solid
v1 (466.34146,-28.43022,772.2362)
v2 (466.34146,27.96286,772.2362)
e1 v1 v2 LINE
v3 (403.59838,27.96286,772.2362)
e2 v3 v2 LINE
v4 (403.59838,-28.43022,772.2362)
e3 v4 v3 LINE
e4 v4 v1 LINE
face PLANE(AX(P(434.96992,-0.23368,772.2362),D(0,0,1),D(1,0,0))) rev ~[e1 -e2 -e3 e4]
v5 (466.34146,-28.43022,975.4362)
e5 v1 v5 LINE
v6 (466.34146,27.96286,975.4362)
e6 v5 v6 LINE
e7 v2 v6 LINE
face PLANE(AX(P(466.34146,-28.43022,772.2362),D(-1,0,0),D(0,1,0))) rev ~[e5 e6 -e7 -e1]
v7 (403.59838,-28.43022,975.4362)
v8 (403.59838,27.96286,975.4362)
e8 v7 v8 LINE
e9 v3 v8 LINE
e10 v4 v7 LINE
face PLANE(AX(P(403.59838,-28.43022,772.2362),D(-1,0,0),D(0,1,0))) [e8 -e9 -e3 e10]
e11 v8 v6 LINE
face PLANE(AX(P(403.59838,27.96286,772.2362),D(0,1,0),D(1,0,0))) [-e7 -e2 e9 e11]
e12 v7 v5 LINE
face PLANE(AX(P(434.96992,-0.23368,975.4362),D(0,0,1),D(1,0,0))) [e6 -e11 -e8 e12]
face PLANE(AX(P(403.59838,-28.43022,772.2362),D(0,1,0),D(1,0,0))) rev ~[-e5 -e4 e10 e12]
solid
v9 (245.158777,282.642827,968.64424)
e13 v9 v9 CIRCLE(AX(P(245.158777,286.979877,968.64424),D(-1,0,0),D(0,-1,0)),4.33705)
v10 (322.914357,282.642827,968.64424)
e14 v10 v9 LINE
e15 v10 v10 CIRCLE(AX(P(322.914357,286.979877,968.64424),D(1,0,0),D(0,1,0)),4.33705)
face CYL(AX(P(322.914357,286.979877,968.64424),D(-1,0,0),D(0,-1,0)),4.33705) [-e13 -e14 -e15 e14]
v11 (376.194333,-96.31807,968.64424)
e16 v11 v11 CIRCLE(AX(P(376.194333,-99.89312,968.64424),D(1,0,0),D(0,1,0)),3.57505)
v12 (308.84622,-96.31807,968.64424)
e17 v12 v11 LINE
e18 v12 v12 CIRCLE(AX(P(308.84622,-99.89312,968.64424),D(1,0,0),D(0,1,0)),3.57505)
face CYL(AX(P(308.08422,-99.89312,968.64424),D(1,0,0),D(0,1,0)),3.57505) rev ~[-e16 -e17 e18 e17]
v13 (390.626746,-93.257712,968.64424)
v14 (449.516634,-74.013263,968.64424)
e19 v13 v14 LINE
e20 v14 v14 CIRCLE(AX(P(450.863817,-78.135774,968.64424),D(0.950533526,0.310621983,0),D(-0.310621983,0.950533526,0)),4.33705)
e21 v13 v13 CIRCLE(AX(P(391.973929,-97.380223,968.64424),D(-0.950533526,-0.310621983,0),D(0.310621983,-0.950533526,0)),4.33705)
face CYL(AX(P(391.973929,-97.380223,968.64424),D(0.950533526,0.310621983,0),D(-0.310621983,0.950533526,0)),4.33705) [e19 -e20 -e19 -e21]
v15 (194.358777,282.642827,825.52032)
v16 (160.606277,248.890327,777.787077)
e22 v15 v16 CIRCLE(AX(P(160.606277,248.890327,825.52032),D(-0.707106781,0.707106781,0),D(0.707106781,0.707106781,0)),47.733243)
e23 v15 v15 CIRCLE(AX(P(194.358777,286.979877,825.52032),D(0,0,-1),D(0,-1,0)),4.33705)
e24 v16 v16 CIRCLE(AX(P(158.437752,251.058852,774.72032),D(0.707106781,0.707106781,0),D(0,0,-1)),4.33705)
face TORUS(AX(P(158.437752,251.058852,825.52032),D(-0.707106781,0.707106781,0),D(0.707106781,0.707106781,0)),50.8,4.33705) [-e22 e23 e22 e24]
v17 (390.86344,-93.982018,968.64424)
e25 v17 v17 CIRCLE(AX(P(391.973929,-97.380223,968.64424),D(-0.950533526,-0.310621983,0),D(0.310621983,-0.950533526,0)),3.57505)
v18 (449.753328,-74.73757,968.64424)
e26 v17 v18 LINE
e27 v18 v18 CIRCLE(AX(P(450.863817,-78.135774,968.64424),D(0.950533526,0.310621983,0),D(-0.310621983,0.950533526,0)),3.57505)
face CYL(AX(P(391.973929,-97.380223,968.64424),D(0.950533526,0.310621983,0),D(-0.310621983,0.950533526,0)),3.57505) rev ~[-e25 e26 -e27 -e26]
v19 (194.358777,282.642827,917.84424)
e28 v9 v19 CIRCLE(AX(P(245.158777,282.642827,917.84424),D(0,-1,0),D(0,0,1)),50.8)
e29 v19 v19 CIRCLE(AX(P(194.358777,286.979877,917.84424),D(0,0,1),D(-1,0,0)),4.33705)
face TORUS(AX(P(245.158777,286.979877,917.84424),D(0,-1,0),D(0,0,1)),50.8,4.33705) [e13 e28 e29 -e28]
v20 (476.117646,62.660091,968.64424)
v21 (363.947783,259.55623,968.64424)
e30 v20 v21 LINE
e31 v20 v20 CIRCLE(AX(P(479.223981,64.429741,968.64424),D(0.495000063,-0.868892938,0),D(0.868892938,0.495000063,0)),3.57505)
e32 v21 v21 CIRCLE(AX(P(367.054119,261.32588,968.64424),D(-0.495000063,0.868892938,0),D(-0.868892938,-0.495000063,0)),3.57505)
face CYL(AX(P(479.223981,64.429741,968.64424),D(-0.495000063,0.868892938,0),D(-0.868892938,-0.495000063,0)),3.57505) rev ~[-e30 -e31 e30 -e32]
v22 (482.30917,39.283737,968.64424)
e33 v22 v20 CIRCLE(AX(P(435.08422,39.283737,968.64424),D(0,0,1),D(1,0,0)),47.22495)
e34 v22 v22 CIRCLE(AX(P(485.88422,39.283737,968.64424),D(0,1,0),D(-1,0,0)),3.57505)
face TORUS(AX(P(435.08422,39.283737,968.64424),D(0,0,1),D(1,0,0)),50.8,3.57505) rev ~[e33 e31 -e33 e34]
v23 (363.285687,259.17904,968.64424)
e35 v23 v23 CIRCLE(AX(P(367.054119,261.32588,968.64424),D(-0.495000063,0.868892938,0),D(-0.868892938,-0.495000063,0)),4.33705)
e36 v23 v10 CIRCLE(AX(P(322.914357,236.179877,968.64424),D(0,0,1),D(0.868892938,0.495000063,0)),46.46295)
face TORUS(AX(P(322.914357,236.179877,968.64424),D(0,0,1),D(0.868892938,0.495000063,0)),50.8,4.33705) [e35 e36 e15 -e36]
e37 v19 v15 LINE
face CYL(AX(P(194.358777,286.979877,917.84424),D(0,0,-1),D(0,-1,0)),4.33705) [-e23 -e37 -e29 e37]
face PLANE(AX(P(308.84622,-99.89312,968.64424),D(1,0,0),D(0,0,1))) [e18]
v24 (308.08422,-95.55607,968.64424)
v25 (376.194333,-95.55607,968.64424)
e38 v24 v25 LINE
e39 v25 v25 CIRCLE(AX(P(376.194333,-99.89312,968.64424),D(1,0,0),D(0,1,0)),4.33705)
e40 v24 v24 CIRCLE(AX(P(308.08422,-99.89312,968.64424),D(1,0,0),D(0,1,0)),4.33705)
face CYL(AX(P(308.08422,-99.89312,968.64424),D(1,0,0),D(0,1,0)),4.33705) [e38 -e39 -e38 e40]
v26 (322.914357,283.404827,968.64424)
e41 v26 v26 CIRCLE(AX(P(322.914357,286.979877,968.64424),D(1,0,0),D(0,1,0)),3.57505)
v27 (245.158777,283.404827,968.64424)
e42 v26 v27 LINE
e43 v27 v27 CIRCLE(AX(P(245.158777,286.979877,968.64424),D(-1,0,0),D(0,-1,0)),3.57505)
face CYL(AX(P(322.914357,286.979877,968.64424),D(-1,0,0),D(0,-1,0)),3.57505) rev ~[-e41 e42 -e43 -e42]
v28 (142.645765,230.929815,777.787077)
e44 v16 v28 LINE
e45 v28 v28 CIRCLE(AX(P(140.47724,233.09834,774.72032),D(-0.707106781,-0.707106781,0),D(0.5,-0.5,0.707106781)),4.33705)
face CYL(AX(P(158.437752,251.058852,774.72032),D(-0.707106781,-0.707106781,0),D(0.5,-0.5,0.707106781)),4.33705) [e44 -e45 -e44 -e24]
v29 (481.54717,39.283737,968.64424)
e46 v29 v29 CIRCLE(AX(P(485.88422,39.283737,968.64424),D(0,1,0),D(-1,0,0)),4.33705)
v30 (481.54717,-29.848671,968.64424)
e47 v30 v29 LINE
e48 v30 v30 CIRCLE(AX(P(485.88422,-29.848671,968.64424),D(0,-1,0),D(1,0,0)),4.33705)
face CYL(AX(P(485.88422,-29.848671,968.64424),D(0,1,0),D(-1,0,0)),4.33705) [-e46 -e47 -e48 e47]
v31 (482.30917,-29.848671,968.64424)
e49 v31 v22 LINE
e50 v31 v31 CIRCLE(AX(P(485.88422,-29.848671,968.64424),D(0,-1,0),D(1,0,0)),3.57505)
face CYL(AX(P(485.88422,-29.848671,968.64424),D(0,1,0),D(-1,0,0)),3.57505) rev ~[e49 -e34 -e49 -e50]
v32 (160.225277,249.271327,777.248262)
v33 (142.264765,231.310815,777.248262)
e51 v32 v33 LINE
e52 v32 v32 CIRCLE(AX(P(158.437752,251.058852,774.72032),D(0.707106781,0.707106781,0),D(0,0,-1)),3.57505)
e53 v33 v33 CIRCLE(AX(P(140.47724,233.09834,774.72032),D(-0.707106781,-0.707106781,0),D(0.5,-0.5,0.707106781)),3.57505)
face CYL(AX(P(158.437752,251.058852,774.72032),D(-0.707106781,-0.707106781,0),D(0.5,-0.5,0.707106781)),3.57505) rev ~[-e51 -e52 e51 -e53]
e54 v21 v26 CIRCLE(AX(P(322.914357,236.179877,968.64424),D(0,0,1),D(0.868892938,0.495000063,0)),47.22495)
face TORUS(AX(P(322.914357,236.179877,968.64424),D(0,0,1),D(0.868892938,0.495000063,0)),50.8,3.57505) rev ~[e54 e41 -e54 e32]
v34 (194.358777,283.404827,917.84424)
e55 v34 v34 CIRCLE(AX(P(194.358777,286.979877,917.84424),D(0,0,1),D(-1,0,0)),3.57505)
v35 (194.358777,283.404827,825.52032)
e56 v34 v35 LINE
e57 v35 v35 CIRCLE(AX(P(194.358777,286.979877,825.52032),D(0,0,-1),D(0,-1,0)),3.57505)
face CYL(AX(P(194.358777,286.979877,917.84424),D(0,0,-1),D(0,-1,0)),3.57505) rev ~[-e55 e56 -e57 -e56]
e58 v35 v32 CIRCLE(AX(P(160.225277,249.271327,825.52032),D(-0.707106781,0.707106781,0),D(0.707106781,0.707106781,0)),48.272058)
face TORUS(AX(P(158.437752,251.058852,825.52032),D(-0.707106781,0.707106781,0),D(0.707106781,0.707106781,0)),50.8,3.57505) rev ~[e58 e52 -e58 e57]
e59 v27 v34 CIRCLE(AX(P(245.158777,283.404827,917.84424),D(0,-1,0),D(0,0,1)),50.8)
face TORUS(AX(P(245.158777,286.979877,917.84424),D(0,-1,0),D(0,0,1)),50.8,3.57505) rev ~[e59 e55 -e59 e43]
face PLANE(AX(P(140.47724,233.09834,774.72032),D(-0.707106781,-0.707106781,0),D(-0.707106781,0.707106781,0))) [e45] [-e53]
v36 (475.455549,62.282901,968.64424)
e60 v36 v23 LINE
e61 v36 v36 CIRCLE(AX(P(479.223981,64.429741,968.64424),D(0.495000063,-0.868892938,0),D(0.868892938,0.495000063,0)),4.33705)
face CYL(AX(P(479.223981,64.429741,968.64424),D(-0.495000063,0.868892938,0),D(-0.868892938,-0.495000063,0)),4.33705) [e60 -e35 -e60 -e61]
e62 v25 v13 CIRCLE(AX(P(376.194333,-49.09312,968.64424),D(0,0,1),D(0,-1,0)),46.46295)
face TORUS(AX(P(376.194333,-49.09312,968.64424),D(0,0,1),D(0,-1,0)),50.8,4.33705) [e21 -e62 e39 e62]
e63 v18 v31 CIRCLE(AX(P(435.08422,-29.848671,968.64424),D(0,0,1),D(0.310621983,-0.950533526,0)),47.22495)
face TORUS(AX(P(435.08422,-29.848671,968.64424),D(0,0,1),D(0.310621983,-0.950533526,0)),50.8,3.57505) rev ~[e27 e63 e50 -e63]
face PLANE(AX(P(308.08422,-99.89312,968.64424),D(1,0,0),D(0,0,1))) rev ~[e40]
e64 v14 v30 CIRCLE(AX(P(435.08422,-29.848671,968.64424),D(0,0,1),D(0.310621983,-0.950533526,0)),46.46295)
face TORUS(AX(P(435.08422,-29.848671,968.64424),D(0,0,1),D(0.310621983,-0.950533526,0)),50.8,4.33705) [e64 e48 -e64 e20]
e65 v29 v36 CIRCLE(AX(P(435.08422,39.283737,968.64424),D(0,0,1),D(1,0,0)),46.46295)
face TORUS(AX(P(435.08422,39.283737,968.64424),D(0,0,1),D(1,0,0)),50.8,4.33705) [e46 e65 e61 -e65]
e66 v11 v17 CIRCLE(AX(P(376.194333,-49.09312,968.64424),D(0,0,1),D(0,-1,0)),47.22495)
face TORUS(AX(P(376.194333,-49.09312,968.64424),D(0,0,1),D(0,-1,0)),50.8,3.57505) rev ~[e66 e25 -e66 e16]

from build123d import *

# Parameters (mm, degrees)
F10_W     = 62.74308
F10_H     = 56.39308
F11_DEPTH = 203.2
F17_R     = 4.33705
F28_T     = -0.762


with BuildPart() as f11:
    # F10 (on line) → F11 (new body)
    with BuildSketch(Plane.XY.offset(772.2362)):
        with Locations((434.96992, -0.23368)):
            Rectangle(F10_W, F10_H)
    extrude(amount=F11_DEPTH)


with BuildPart() as f27:
    # F27: sweep along a path in F26, F20, F22, F24
    with BuildLine(Plane(origin=(0, 0, 968.64424), x_dir=(1, 0, 0), z_dir=(0, 0, -1))) as f27_path:
        Line((308.08422, 99.89312), (376.1943325248, 99.89312))
        ThreePointArc((376.1943325248, 99.89312), (384.1835490706, 99.2609624789), (391.9739292649, 97.3802231096))
        Line((391.9739292649, 97.3802231096), (450.8638167401, 78.135774456))
    with BuildLine(Plane.XY.offset(968.64424)) as f27_path_2:
        ThreePointArc((450.8638167401, -78.135774456), (476.2074708102, -59.6734637648), (485.88422, -29.8486713464))
        Line((485.88422, -29.8486713464), (485.88422, 39.2837373177))
        ThreePointArc((485.88422, 39.2837373177), (484.1909398617, 52.2902766122), (479.2239812433, 64.4297405267))
        Line((479.2239812433, 64.4297405267), (367.0541186532, 261.3258799354))
        ThreePointArc((367.0541186532, 261.3258799354), (348.4410398911, 280.1005834774), (322.91435741, 286.9798767264))
    with BuildLine(Plane(origin=(0, 286.9798767264, 0), x_dir=(-1, 0, 0), z_dir=(0, 1, 0))) as f27_path_3:
        Line((-322.91435741, 968.64424), (-245.1587767264, 968.64424))
        ThreePointArc((-245.1587767264, 968.64424), (-209.2377522421, 953.7652644843), (-194.3587767264, 917.84424))
    with BuildLine(Plane(origin=(-46.31055, 46.31055, 0), x_dir=(-0.7071067812, -0.7071067812, 0), z_dir=(-0.7071067812, 0.7071067812, 0))) as f27_path_4:
        Line((-340.3578259037, 917.84424), (-340.3578259037, 825.52032))
        ThreePointArc((-340.3578259037, 825.52032), (-325.478850388, 789.5992955157), (-289.5578259037, 774.72032))
        Line((-289.5578259037, 774.72032), (-264.1578259037, 774.72032))
    # F17 (on line) → F27 (sweep)
    with BuildSketch(Plane.YZ.offset(308.08422)):
        with Locations((-99.89312, 968.64424)):
            Circle(F17_R)
    sweep(path=f27_path.line + f27_path_2.line + f27_path_3.line + f27_path_4.line)

    # F28
    f28_openings = [f27.faces().sort_by_distance(p)[0] for p in [
        (140.47724, 233.09834, 774.72032),
    ]]
    offset(amount=F28_T, openings=f28_openings)


solid = Compound([f11.part, f27.part])
